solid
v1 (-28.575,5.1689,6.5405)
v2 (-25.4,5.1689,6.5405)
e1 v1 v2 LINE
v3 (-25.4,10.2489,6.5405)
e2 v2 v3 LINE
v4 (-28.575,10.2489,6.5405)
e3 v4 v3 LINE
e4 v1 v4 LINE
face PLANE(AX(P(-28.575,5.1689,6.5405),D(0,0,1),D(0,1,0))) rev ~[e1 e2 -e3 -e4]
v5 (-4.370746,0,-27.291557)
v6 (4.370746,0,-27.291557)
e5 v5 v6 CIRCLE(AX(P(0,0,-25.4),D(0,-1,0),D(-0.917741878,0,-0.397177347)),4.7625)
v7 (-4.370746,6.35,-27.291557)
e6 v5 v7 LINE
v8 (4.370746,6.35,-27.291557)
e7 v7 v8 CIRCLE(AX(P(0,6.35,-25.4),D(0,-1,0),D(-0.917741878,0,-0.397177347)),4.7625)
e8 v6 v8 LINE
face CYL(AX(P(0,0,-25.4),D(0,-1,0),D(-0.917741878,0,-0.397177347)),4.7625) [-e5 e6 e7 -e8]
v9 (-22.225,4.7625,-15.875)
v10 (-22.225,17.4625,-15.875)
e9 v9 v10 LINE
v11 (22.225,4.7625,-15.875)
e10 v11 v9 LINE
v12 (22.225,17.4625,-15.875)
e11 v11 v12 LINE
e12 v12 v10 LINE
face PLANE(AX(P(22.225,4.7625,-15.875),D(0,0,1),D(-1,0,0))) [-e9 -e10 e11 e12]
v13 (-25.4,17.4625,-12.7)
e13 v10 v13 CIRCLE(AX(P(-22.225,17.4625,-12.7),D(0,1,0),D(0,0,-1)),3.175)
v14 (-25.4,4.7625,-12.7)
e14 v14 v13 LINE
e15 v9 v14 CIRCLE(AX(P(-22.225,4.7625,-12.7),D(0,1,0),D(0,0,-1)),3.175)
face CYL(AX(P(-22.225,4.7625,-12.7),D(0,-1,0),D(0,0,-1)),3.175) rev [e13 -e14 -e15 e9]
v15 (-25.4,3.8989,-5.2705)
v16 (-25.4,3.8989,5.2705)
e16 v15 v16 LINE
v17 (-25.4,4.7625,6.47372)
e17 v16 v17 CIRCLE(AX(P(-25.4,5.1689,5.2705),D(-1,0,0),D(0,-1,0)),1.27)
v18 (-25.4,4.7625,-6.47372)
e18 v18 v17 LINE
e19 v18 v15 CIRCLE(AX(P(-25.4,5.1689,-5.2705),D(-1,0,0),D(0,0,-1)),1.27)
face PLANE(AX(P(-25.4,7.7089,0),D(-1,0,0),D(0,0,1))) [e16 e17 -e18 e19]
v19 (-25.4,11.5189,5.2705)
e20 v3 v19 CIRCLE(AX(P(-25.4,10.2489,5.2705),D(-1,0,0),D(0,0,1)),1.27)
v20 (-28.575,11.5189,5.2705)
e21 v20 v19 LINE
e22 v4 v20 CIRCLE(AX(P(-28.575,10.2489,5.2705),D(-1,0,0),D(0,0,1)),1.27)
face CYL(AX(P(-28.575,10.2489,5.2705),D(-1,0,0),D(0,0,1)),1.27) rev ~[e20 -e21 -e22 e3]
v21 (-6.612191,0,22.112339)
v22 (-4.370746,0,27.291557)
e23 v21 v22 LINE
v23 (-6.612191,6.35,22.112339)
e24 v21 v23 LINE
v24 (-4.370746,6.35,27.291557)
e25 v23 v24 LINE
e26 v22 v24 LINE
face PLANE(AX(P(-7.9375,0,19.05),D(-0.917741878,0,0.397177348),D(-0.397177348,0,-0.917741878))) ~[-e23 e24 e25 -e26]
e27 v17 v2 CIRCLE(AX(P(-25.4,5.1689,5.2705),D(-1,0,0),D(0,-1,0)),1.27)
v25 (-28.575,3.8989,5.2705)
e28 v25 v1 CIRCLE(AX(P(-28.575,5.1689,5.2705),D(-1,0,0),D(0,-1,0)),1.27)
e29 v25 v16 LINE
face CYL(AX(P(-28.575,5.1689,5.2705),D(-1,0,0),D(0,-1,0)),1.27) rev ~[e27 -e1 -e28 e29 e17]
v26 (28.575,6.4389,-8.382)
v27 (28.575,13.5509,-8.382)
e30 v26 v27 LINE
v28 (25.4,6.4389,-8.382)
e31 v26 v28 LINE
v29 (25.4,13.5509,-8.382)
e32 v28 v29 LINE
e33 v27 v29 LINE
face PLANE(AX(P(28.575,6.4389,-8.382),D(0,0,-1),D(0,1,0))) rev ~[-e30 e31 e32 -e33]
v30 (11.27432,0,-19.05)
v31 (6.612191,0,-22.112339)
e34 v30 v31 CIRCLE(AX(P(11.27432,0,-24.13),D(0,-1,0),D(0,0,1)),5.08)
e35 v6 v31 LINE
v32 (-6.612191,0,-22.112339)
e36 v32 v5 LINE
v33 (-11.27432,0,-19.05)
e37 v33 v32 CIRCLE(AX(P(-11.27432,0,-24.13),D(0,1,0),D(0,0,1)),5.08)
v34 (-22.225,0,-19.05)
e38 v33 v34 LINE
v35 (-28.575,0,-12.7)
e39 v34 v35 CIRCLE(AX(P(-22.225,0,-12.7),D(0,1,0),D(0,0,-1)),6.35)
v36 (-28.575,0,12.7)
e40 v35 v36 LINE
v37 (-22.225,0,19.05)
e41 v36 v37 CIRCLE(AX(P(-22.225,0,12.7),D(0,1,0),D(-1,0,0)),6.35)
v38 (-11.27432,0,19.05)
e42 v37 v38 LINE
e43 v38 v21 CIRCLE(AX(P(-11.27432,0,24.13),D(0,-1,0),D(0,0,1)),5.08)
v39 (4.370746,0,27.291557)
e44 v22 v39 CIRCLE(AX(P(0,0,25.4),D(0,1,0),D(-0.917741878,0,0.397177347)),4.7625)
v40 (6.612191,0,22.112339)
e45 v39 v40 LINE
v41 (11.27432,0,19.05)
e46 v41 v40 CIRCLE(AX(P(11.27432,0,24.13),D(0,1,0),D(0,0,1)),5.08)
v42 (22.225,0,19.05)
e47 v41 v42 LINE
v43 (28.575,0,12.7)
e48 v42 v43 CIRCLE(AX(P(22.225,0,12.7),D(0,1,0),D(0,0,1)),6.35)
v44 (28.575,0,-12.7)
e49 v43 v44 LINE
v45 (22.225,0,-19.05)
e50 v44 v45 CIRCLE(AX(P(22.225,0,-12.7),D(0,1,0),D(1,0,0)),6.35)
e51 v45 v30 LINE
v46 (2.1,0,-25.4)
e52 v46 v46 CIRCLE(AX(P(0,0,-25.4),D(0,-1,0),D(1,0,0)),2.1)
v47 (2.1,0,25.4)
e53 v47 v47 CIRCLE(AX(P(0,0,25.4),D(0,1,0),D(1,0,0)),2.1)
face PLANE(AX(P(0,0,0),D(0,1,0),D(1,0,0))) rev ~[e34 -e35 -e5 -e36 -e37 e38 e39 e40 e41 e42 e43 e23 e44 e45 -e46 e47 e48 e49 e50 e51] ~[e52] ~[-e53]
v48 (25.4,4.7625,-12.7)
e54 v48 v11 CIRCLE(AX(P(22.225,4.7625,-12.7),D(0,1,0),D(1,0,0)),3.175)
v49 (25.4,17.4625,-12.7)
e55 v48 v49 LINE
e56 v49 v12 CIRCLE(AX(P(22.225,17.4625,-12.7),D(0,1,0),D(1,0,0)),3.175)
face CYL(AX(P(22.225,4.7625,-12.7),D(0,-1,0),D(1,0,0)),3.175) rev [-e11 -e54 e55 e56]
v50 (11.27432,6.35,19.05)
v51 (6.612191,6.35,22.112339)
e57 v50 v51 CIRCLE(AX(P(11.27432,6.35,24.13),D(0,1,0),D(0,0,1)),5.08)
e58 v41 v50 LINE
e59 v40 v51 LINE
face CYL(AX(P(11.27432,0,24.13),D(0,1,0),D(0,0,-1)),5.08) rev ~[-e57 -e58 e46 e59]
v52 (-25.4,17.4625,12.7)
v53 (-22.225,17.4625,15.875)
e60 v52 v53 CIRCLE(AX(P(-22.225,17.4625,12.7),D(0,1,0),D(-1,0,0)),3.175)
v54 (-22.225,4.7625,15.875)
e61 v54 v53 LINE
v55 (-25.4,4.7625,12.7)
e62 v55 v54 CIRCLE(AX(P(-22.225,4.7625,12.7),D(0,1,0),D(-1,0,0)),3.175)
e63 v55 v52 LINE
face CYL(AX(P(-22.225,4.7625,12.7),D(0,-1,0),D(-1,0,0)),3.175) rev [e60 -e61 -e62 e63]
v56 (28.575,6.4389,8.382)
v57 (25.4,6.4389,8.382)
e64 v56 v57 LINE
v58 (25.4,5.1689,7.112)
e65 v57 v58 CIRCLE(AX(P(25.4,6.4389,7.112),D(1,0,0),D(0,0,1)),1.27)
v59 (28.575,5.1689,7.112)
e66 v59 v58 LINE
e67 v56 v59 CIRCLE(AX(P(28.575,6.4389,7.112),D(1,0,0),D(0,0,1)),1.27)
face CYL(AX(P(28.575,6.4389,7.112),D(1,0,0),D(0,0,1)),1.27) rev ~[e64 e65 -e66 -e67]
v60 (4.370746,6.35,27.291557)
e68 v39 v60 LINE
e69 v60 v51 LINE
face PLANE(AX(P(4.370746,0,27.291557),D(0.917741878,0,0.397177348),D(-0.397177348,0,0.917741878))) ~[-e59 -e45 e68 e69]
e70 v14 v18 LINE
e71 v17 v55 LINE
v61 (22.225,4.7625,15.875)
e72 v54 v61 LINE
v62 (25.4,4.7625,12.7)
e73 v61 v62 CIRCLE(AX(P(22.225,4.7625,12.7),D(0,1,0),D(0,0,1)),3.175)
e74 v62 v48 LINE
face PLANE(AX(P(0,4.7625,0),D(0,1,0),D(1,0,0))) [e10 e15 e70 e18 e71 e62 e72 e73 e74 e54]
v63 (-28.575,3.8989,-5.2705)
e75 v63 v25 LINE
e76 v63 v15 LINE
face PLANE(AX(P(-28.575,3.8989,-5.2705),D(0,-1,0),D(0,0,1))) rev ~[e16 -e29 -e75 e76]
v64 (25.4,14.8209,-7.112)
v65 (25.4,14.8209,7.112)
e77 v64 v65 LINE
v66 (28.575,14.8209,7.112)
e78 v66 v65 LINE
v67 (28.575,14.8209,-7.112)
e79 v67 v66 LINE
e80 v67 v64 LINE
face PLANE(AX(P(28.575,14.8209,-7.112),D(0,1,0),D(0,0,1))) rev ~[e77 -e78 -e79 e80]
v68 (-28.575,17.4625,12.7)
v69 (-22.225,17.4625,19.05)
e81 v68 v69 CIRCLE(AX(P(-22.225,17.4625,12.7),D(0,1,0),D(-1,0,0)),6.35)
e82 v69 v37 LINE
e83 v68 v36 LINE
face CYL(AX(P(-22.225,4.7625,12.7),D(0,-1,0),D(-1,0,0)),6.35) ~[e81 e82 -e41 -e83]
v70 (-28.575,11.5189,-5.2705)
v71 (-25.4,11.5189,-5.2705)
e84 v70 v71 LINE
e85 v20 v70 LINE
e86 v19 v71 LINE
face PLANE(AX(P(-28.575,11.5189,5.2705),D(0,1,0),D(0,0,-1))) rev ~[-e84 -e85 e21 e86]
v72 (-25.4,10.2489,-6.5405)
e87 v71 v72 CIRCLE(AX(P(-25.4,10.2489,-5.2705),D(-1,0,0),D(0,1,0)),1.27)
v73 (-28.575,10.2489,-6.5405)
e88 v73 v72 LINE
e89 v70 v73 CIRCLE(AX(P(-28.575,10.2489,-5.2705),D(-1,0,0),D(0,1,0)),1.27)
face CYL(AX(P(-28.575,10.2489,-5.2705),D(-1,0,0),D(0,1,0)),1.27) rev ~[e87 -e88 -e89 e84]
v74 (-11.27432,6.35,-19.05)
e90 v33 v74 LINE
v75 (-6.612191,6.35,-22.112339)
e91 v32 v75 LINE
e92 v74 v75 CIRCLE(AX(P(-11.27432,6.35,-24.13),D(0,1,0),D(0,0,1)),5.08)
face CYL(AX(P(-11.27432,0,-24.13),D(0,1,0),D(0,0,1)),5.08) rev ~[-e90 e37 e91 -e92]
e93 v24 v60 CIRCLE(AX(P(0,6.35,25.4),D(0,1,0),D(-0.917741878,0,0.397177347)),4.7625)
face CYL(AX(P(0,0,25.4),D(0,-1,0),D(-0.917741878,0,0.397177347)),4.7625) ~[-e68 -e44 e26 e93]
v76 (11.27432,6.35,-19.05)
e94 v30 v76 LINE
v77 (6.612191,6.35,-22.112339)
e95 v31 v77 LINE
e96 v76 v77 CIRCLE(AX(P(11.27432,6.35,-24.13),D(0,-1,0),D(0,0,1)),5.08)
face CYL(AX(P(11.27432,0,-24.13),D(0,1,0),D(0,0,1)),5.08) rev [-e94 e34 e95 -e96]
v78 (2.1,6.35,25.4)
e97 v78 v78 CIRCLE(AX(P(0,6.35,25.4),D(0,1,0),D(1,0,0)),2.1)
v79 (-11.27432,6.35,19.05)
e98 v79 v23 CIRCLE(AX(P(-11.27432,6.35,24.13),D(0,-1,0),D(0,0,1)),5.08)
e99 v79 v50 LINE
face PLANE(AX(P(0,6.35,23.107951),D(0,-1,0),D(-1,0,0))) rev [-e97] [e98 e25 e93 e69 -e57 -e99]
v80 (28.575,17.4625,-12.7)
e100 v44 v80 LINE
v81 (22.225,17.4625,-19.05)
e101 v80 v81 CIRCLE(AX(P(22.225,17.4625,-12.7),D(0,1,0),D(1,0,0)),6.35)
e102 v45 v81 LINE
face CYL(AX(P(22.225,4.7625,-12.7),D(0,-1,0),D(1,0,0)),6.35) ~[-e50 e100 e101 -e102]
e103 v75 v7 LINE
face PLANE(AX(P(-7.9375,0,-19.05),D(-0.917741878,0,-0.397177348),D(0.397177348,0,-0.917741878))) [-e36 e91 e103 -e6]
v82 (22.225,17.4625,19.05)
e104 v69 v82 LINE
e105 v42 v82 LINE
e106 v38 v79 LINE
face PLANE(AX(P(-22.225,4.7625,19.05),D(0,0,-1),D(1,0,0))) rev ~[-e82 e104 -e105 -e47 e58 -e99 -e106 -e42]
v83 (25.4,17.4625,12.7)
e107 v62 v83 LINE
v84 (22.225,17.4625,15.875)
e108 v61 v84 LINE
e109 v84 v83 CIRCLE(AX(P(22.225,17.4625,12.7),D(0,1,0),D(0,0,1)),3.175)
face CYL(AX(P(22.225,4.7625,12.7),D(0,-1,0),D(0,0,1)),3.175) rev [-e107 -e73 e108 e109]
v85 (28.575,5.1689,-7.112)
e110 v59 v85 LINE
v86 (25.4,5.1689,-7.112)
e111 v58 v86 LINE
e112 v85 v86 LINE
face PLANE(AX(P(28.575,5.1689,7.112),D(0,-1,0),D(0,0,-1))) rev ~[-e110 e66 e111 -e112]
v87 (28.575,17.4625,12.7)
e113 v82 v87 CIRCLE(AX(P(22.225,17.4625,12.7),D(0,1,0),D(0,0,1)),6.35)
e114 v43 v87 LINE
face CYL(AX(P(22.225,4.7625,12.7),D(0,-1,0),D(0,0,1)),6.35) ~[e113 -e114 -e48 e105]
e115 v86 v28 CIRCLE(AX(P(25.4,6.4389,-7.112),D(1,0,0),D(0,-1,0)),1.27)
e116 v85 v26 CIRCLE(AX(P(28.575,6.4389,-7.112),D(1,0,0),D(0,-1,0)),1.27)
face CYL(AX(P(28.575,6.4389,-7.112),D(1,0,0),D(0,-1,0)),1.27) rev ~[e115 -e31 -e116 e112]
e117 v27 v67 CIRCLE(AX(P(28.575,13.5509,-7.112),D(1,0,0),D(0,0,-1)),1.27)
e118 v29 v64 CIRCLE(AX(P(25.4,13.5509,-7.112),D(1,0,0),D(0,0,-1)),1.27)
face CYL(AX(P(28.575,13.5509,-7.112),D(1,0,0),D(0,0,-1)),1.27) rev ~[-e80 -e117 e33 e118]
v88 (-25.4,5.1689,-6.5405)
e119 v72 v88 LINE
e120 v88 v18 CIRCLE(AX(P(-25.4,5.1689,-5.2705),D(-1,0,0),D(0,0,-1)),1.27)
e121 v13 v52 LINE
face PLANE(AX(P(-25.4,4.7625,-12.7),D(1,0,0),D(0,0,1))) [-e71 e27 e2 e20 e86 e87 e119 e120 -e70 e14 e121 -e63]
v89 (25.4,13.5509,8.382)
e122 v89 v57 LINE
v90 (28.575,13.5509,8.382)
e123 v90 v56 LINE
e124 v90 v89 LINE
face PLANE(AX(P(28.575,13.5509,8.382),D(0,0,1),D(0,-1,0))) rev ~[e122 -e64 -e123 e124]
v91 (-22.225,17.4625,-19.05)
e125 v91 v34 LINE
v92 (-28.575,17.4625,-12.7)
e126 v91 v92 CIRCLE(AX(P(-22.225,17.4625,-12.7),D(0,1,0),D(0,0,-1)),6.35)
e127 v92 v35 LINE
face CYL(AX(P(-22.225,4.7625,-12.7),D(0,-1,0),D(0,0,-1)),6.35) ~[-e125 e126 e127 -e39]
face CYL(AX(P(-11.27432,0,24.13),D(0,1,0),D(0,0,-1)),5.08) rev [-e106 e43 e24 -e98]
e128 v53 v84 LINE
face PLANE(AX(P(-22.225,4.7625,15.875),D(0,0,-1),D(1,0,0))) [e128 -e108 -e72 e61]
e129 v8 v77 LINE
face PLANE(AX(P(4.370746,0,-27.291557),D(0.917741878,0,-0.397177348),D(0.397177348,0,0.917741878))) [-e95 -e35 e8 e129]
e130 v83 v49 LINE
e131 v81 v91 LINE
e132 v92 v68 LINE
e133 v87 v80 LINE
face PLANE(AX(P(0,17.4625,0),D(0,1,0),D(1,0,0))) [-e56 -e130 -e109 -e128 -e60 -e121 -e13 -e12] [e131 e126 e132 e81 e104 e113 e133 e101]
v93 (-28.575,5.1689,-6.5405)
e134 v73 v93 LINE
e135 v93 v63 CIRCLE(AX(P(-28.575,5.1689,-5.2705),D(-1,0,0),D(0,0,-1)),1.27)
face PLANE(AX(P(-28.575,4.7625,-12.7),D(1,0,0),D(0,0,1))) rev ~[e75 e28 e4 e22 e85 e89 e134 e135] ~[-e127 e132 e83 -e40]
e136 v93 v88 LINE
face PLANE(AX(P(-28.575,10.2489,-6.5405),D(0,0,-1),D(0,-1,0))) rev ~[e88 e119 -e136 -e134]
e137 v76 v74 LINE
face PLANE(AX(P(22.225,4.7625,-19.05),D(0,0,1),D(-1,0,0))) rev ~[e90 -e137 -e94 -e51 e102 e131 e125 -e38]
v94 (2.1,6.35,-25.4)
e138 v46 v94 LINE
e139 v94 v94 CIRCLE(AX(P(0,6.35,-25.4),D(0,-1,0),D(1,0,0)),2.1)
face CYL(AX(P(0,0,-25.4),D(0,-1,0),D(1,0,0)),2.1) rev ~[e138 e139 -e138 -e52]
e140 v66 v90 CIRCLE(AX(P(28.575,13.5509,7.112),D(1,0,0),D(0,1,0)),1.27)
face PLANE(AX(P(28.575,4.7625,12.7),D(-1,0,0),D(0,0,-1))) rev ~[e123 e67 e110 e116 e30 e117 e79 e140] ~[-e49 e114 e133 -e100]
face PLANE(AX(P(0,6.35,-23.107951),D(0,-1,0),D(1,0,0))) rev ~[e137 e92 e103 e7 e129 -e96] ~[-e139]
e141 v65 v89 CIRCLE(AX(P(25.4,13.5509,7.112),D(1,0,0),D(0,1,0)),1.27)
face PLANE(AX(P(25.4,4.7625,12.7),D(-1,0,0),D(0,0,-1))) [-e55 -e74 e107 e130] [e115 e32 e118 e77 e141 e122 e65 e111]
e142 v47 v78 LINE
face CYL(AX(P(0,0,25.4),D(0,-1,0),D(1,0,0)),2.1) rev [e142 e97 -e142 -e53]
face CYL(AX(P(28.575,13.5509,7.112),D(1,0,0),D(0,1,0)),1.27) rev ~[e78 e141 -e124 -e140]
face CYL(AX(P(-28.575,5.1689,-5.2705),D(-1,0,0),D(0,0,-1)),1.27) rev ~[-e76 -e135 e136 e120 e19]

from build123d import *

# Parameters (mm, degrees)
BOSS_EXTRUDE1_DEPTH = 4.7625
BOSS_EXTRUDE2_DEPTH = 12.7
SKETCH6_R           = 2.1
BOSS_EXTRUDE3_DEPTH = 6.35
CUT_EXTRUDE1_DEPTH  = 3.175
CUT_EXTRUDE2_DEPTH  = 3.175
FILLET1_R           = 5.08


with BuildPart() as part:
    # Sketch1 → Boss-Extrude1 (new body)
    with BuildSketch(Plane(origin=(0, 0, 0), x_dir=(1, 0, 0), z_dir=(0, 1, 0))):
        with BuildLine():
            Line((-22.225, -19.05), (22.225, -19.05))
            ThreePointArc((22.225, -19.05), (26.715128061, -17.190128061), (28.575, -12.7))
            Line((28.575, -12.7), (28.575, 12.7))
            ThreePointArc((28.575, 12.7), (26.715128061, 17.190128061), (22.225, 19.05))
            Line((22.225, 19.05), (-22.225, 19.05))
            ThreePointArc((-22.225, 19.05), (-26.715128061, 17.190128061), (-28.575, 12.7))
            Line((-28.575, 12.7), (-28.575, -12.7))
            ThreePointArc((-28.575, -12.7), (-26.715128061, -17.190128061), (-22.225, -19.05))
        make_face()
    extrude(amount=BOSS_EXTRUDE1_DEPTH)

    # Sketch2 → Boss-Extrude2 (add)
    with BuildSketch(Plane(origin=(0, 4.7625, 0), x_dir=(1, 0, 0), z_dir=(0, 1, 0))):
        with BuildLine():
            Line((-22.225, -19.05), (22.225, -19.05))
            ThreePointArc((22.225, -19.05), (26.715128061, -17.190128061), (28.575, -12.7))
            Line((28.575, -12.7), (28.575, 12.7))
            ThreePointArc((28.575, 12.7), (26.715128061, 17.190128061), (22.225, 19.05))
            Line((22.225, 19.05), (-22.225, 19.05))
            ThreePointArc((-22.225, 19.05), (-26.715128061, 17.190128061), (-28.575, 12.7))
            Line((-28.575, 12.7), (-28.575, -12.7))
            ThreePointArc((-28.575, -12.7), (-26.715128061, -17.190128061), (-22.225, -19.05))
        make_face()
        with BuildLine():
            Line((-22.225, -15.875), (22.225, -15.875))
            ThreePointArc((22.225, -15.875), (24.47006403, -14.94506403), (25.4, -12.7))
            Line((25.4, -12.7), (25.4, 12.7))
            ThreePointArc((25.4, 12.7), (24.47006403, 14.94506403), (22.225, 15.875))
            Line((22.225, 15.875), (-22.225, 15.875))
            ThreePointArc((-22.225, 15.875), (-24.47006403, 14.94506403), (-25.4, 12.7))
            Line((-25.4, 12.7), (-25.4, -12.7))
            ThreePointArc((-25.4, -12.7), (-24.47006403, -14.94506403), (-22.225, -15.875))
        make_face(mode=Mode.SUBTRACT)
    extrude(amount=BOSS_EXTRUDE2_DEPTH)

    # Sketch6 → Boss-Extrude3 (add)
    with BuildSketch(Plane.XZ):
        with BuildLine():
            Line((4.370745694, -27.291557117), (7.9375, -19.05))
            Line((7.9375, -19.05), (-7.9375, -19.05))
            Line((-7.9375, -19.05), (-4.370745694, -27.291557117))
            ThreePointArc((-4.370745694, -27.291557117), (0, -30.1625), (4.370745694, -27.291557117))
        make_face()
        with Locations((0, -25.4)):
            Circle(SKETCH6_R, mode=Mode.SUBTRACT)
    boss_extrude3 = extrude(amount=-BOSS_EXTRUDE3_DEPTH)

    # Sketch4 → Cut-Extrude1 (cut)
    with BuildSketch(Plane.ZY.offset(28.575)):
        with BuildLine():
            Line((-5.2705, 3.8989), (5.2705, 3.8989))
            ThreePointArc((5.2705, 3.8989), (6.168525612, 4.270874388), (6.5405, 5.1689))
            Line((6.5405, 5.1689), (6.5405, 10.2489))
            ThreePointArc((6.5405, 10.2489), (6.168525612, 11.146925612), (5.2705, 11.5189))
            Line((5.2705, 11.5189), (-5.2705, 11.5189))
            ThreePointArc((-5.2705, 11.5189), (-6.168525612, 11.146925612), (-6.5405, 10.2489))
            Line((-6.5405, 10.2489), (-6.5405, 5.1689))
            ThreePointArc((-6.5405, 5.1689), (-6.168525612, 4.270874388), (-5.2705, 3.8989))
        make_face()
    extrude(amount=-CUT_EXTRUDE1_DEPTH, mode=Mode.SUBTRACT)

    # Sketch5 → Cut-Extrude2 (cut)
    with BuildSketch(Plane(origin=(28.575, 0, 0), x_dir=(0, 0, -1), z_dir=(1, 0, 0))):
        with BuildLine():
            Line((-7.112, 5.1689), (7.112, 5.1689))
            ThreePointArc((7.112, 5.1689), (8.010025612, 5.540874388), (8.382, 6.4389))
            Line((8.382, 6.4389), (8.382, 13.5509))
            ThreePointArc((8.382, 13.5509), (8.010025612, 14.448925612), (7.112, 14.8209))
            Line((7.112, 14.8209), (-7.112, 14.8209))
            ThreePointArc((-7.112, 14.8209), (-8.010025612, 14.448925612), (-8.382, 13.5509))
            Line((-8.382, 13.5509), (-8.382, 6.4389))
            ThreePointArc((-8.382, 6.4389), (-8.010025612, 5.540874388), (-7.112, 5.1689))
        make_face()
    extrude(amount=-CUT_EXTRUDE2_DEPTH, mode=Mode.SUBTRACT)

    # Mirror3: Boss-Extrude3 across plane
    add(boss_extrude3.mirror(Plane.XY))

    # Fillet1
    fillet1_edges = [part.edges().sort_by_distance(p)[0] for p in [
        (7.9375, 3.175, 19.05),
        (-7.9375, 3.175, 19.05),
        (-7.9375, 3.175, -19.05),
        (7.9375, 3.175, -19.05),
    ]]
    fillet(fillet1_edges, radius=FILLET1_R)


solid = part.part
